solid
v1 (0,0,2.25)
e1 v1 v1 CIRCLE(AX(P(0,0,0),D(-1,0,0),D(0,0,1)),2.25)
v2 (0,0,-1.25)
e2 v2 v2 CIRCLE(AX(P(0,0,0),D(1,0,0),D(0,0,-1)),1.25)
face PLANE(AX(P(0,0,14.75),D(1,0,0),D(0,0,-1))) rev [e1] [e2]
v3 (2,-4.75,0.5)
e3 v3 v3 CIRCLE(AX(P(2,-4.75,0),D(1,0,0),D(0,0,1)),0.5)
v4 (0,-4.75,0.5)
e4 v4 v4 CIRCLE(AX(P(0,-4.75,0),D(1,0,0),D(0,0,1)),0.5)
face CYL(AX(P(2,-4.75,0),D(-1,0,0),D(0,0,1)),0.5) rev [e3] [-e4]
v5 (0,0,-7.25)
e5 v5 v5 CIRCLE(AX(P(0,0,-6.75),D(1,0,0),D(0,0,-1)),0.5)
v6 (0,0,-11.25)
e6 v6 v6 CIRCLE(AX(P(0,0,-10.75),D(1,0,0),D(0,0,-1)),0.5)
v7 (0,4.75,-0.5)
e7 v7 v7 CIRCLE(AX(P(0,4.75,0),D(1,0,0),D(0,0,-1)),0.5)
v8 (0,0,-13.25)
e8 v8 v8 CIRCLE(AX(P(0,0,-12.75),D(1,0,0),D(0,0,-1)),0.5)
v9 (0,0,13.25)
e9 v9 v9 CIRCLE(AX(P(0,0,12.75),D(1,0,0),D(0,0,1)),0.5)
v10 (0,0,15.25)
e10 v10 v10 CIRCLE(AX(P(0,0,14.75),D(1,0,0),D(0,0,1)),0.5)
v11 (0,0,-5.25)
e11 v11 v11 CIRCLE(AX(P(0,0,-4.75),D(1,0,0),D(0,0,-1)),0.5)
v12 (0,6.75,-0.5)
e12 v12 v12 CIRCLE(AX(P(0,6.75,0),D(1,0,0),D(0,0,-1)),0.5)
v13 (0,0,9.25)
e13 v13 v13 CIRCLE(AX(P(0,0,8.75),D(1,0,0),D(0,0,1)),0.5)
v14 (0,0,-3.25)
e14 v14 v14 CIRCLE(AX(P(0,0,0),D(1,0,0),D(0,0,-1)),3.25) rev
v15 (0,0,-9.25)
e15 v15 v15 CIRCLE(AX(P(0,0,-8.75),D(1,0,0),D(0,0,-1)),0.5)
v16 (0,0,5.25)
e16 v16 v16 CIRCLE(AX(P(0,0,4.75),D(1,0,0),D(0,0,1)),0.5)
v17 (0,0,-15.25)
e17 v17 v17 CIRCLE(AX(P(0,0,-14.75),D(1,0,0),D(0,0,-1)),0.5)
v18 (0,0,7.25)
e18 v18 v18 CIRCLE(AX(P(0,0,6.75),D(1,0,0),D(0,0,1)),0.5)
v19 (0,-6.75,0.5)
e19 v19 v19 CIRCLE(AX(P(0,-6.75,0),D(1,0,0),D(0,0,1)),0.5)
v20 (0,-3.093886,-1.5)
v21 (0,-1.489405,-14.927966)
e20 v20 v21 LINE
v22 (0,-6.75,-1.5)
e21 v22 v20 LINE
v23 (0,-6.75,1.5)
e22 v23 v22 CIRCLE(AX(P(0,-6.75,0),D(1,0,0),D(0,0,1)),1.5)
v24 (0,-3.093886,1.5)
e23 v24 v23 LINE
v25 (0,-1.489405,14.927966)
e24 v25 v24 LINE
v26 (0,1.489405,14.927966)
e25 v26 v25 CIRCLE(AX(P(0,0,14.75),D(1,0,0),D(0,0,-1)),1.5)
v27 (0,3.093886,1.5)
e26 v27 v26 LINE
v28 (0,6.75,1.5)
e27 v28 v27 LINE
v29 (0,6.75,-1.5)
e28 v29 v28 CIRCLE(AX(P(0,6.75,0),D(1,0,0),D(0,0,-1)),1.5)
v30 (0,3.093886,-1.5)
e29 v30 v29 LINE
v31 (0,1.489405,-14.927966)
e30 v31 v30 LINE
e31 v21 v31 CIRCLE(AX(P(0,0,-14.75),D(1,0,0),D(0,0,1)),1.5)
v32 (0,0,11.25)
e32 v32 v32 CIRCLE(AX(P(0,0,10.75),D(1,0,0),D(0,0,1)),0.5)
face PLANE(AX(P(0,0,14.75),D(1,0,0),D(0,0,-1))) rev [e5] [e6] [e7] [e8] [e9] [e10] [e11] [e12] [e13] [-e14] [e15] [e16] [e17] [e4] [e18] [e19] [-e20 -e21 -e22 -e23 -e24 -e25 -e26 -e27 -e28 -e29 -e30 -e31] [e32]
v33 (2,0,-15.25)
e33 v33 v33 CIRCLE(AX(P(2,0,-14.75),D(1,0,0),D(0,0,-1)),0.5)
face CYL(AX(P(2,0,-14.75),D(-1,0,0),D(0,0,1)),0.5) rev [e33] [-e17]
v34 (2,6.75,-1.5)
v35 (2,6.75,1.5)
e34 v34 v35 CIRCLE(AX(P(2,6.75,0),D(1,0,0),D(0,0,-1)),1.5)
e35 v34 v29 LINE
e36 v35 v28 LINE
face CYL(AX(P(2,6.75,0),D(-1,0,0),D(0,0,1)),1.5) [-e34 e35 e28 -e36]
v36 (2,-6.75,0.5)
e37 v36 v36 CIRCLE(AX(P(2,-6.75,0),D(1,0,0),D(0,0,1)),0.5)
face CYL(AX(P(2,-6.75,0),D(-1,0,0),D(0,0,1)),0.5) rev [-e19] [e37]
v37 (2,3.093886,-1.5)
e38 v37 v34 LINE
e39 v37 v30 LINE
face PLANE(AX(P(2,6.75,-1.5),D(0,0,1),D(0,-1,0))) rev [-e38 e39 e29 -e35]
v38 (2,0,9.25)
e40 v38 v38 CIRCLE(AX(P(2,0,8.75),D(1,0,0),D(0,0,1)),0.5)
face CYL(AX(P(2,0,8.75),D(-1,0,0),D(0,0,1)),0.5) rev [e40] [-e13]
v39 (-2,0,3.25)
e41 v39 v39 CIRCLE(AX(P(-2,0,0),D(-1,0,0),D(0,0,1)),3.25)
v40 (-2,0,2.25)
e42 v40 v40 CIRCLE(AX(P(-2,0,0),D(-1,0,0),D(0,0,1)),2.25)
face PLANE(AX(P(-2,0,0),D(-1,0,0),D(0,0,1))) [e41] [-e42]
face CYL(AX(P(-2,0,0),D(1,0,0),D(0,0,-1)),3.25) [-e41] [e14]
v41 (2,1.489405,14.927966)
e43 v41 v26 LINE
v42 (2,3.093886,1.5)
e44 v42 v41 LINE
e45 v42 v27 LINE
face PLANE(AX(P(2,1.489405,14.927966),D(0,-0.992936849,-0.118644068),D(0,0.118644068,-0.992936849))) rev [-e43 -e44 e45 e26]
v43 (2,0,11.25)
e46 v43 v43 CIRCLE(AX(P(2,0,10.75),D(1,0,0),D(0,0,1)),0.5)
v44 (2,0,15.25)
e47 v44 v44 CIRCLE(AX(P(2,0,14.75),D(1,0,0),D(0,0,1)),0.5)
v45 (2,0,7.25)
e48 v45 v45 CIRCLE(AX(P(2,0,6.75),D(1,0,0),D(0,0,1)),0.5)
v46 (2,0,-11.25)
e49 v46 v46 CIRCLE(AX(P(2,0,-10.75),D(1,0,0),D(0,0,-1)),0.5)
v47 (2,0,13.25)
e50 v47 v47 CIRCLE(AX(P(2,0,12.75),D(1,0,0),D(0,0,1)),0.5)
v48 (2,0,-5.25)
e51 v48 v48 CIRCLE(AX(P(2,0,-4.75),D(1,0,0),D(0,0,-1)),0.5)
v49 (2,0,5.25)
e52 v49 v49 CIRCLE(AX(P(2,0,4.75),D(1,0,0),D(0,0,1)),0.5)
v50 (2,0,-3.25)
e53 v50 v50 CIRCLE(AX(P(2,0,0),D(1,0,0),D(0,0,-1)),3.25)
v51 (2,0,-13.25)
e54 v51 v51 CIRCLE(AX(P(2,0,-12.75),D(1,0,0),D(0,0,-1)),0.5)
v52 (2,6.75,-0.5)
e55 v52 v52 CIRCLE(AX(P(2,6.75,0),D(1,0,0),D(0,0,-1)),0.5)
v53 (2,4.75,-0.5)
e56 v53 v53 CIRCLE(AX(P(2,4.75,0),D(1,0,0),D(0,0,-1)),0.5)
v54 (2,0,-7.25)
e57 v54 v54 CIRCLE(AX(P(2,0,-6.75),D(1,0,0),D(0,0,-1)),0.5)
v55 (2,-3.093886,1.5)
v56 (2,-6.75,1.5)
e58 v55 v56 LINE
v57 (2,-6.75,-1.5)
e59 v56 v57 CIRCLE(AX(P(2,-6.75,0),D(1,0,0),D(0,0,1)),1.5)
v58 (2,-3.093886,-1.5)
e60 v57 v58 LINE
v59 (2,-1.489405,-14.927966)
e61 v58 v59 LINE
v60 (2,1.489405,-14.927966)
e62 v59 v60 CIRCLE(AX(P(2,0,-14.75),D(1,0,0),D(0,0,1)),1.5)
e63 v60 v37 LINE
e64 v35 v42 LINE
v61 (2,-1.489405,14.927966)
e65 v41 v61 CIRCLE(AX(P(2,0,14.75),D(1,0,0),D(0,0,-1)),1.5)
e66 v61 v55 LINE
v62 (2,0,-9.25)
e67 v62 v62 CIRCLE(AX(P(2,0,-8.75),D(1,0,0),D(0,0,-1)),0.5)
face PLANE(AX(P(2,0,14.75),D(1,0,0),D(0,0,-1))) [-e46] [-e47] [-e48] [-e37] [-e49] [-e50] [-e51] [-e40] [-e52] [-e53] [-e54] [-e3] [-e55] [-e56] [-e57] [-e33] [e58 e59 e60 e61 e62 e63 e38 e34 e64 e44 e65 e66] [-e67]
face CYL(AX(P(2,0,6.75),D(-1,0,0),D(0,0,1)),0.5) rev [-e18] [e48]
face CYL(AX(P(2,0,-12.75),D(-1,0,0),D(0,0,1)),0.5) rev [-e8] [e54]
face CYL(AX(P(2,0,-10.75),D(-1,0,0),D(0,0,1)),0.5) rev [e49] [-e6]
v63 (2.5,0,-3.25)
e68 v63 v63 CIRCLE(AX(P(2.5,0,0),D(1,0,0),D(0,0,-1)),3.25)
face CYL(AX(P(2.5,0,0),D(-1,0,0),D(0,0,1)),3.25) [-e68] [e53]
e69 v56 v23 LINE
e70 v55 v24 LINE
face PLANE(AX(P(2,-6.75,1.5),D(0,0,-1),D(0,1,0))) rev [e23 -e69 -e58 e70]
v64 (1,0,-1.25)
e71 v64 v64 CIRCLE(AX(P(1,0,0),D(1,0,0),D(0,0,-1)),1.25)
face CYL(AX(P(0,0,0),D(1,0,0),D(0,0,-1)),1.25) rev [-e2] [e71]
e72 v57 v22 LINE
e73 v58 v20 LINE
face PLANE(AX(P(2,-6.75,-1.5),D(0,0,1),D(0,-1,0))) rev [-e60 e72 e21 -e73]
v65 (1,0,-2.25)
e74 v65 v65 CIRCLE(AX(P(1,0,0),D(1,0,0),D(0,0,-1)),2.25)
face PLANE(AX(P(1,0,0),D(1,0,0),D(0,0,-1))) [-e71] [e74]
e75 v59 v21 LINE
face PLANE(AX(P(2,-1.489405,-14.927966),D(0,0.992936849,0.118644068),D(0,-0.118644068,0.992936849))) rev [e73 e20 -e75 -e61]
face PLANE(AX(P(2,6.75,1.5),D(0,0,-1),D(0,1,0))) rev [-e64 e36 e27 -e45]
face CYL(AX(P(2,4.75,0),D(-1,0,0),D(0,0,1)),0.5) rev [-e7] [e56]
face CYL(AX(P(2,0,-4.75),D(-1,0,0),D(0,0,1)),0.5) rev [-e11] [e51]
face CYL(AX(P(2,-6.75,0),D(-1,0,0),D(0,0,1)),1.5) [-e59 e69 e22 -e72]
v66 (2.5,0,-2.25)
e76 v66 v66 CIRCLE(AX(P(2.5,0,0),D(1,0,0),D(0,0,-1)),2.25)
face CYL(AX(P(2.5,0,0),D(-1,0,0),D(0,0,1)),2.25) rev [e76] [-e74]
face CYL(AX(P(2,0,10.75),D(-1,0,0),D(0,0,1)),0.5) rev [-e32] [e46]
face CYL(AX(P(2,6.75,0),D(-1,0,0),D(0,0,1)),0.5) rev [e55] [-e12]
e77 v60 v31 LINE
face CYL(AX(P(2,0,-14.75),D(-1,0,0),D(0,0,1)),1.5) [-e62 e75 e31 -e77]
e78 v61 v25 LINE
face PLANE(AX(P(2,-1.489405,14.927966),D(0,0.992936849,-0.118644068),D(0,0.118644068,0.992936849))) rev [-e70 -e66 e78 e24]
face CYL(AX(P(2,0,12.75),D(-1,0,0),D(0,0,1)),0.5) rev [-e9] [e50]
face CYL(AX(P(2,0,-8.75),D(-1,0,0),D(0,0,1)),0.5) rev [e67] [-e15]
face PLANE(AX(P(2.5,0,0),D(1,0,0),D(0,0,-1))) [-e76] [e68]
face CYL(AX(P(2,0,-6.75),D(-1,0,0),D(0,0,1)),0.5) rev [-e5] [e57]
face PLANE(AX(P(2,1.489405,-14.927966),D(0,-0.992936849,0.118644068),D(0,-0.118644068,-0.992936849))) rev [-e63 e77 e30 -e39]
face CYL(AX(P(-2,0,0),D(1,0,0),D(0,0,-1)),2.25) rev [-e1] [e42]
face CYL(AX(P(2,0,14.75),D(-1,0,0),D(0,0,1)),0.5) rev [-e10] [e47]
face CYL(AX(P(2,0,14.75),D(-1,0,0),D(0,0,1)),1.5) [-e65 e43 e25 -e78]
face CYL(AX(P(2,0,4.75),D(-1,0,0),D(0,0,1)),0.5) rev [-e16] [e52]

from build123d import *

# Parameters (mm, degrees)
SKETCH_1_R          = 3.25
SKETCH_1_R_2        = 0.5
EXTRUDE_1_DEPTH     = 2
EXTRUDE_START       = -2
SKETCH_2_R          = 3.25
SKETCH_2_R_2        = 1.25
EXTRUDE_2_DEPTH     = 2
SKETCH_3_R          = 3.25
SKETCH_3_R_2        = 2.25
EXTRUDE_3_DEPTH     = 2
EXTRUDE_START_2     = 0.5
SKETCH_4_R          = 3.25
SKETCH_4_R_2        = 2.25
EXTRUDE_5_DEPTH     = 0.5
SKETCH_5_R          = 2.25
SKETCH_5_R_2        = 1.25
CUT_EXTRUDE_1_DEPTH = 1


with BuildPart() as part:
    # 草图1 → 凸台-拉伸1 (new body)
    with BuildSketch(Plane(origin=(0, 0, 0), x_dir=(0, 0, -1), z_dir=(1, 0, 0))):
        with BuildLine():
            Line((-14.927966102, 1.489405273), (-1.5, 3.093886487))
            Line((-1.5, 3.093886487), (-1.5, 6.75))
            ThreePointArc((-1.5, 6.75), (0, 8.25), (1.5, 6.75))
            Line((1.5, 6.75), (1.5, 3.093886487))
            Line((1.5, 3.093886487), (14.927966102, 1.489405273))
            ThreePointArc((14.927966102, 1.489405273), (16.25, 0), (14.927966102, -1.489405273))
            Line((14.927966102, -1.489405273), (1.5, -3.093886487))
            Line((1.5, -3.093886487), (1.5, -6.75))
            ThreePointArc((1.5, -6.75), (0, -8.25), (-1.5, -6.75))
            Line((-1.5, -6.75), (-1.5, -3.093886487))
            Line((-1.5, -3.093886487), (-14.927966102, -1.489405273))
            ThreePointArc((-14.927966102, -1.489405273), (-16.25, 0), (-14.927966102, 1.489405273))
        make_face()
        Circle(SKETCH_1_R, mode=Mode.SUBTRACT)
        with Locations((4.75, 0)):
            Circle(SKETCH_1_R_2, mode=Mode.SUBTRACT)
        with Locations((6.75, 0)):
            Circle(SKETCH_1_R_2, mode=Mode.SUBTRACT)
        with Locations((8.75, 0)):
            Circle(SKETCH_1_R_2, mode=Mode.SUBTRACT)
        with Locations((10.75, 0)):
            Circle(SKETCH_1_R_2, mode=Mode.SUBTRACT)
        with Locations((12.75, 0)):
            Circle(SKETCH_1_R_2, mode=Mode.SUBTRACT)
        with Locations((14.75, 0)):
            Circle(SKETCH_1_R_2, mode=Mode.SUBTRACT)
        with Locations(Location((-14.75, 0, 0), (0, 0, 180))):
            Circle(SKETCH_1_R_2, mode=Mode.SUBTRACT)
        with Locations(Location((-12.75, 0, 0), (0, 0, 180))):
            Circle(SKETCH_1_R_2, mode=Mode.SUBTRACT)
        with Locations(Location((-10.75, 0, 0), (0, 0, 180))):
            Circle(SKETCH_1_R_2, mode=Mode.SUBTRACT)
        with Locations(Location((-8.75, 0, 0), (0, 0, 180))):
            Circle(SKETCH_1_R_2, mode=Mode.SUBTRACT)
        with Locations(Location((-6.75, 0, 0), (0, 0, 180))):
            Circle(SKETCH_1_R_2, mode=Mode.SUBTRACT)
        with Locations(Location((-4.75, 0, 0), (0, 0, 180))):
            Circle(SKETCH_1_R_2, mode=Mode.SUBTRACT)
        with Locations((0, 4.75)):
            Circle(SKETCH_1_R_2, mode=Mode.SUBTRACT)
        with Locations((0, 6.75)):
            Circle(SKETCH_1_R_2, mode=Mode.SUBTRACT)
        with Locations(Location((0, -4.75, 0), (0, 0, 180))):
            Circle(SKETCH_1_R_2, mode=Mode.SUBTRACT)
        with Locations(Location((0, -6.75, 0), (0, 0, 180))):
            Circle(SKETCH_1_R_2, mode=Mode.SUBTRACT)
    extrude(amount=EXTRUDE_1_DEPTH)

    # 草图2 → 凸台-拉伸2 (add)
    with BuildSketch(Plane(origin=(2, 0, 0), x_dir=(0, 0, -1), z_dir=(1, 0, 0)).offset(EXTRUDE_START)):
        Circle(SKETCH_2_R)
        Circle(SKETCH_2_R_2, mode=Mode.SUBTRACT)
    extrude(amount=EXTRUDE_2_DEPTH)

    # 草图3 → 凸台-拉伸3 (add)
    with BuildSketch(Plane.ZY):
        with Locations(Location((0, 0, 0), (0, 0, 180))):
            Circle(SKETCH_3_R)
        Circle(SKETCH_3_R_2, mode=Mode.SUBTRACT)
    extrude(amount=EXTRUDE_3_DEPTH)

    # 草图4 → 凸台-拉伸5 (add)
    with BuildSketch(Plane(origin=(2, 0, 0), x_dir=(0, 0, -1), z_dir=(1, 0, 0)).offset(EXTRUDE_START_2)):
        Circle(SKETCH_4_R)
        with Locations(Location((0, 0, 0), (0, 0, 180))):
            Circle(SKETCH_4_R_2, mode=Mode.SUBTRACT)
    extrude(amount=-EXTRUDE_5_DEPTH)

    # 草图5 → 切除-拉伸1 (cut)
    with BuildSketch(Plane(origin=(2, 0, 0), x_dir=(0, 0, -1), z_dir=(1, 0, 0))):
        with Locations(Location((0, 0, 0), (0, 0, 180))):
            Circle(SKETCH_5_R)
        Circle(SKETCH_5_R_2, mode=Mode.SUBTRACT)
    extrude(amount=-CUT_EXTRUDE_1_DEPTH, mode=Mode.SUBTRACT)


solid = part.part
